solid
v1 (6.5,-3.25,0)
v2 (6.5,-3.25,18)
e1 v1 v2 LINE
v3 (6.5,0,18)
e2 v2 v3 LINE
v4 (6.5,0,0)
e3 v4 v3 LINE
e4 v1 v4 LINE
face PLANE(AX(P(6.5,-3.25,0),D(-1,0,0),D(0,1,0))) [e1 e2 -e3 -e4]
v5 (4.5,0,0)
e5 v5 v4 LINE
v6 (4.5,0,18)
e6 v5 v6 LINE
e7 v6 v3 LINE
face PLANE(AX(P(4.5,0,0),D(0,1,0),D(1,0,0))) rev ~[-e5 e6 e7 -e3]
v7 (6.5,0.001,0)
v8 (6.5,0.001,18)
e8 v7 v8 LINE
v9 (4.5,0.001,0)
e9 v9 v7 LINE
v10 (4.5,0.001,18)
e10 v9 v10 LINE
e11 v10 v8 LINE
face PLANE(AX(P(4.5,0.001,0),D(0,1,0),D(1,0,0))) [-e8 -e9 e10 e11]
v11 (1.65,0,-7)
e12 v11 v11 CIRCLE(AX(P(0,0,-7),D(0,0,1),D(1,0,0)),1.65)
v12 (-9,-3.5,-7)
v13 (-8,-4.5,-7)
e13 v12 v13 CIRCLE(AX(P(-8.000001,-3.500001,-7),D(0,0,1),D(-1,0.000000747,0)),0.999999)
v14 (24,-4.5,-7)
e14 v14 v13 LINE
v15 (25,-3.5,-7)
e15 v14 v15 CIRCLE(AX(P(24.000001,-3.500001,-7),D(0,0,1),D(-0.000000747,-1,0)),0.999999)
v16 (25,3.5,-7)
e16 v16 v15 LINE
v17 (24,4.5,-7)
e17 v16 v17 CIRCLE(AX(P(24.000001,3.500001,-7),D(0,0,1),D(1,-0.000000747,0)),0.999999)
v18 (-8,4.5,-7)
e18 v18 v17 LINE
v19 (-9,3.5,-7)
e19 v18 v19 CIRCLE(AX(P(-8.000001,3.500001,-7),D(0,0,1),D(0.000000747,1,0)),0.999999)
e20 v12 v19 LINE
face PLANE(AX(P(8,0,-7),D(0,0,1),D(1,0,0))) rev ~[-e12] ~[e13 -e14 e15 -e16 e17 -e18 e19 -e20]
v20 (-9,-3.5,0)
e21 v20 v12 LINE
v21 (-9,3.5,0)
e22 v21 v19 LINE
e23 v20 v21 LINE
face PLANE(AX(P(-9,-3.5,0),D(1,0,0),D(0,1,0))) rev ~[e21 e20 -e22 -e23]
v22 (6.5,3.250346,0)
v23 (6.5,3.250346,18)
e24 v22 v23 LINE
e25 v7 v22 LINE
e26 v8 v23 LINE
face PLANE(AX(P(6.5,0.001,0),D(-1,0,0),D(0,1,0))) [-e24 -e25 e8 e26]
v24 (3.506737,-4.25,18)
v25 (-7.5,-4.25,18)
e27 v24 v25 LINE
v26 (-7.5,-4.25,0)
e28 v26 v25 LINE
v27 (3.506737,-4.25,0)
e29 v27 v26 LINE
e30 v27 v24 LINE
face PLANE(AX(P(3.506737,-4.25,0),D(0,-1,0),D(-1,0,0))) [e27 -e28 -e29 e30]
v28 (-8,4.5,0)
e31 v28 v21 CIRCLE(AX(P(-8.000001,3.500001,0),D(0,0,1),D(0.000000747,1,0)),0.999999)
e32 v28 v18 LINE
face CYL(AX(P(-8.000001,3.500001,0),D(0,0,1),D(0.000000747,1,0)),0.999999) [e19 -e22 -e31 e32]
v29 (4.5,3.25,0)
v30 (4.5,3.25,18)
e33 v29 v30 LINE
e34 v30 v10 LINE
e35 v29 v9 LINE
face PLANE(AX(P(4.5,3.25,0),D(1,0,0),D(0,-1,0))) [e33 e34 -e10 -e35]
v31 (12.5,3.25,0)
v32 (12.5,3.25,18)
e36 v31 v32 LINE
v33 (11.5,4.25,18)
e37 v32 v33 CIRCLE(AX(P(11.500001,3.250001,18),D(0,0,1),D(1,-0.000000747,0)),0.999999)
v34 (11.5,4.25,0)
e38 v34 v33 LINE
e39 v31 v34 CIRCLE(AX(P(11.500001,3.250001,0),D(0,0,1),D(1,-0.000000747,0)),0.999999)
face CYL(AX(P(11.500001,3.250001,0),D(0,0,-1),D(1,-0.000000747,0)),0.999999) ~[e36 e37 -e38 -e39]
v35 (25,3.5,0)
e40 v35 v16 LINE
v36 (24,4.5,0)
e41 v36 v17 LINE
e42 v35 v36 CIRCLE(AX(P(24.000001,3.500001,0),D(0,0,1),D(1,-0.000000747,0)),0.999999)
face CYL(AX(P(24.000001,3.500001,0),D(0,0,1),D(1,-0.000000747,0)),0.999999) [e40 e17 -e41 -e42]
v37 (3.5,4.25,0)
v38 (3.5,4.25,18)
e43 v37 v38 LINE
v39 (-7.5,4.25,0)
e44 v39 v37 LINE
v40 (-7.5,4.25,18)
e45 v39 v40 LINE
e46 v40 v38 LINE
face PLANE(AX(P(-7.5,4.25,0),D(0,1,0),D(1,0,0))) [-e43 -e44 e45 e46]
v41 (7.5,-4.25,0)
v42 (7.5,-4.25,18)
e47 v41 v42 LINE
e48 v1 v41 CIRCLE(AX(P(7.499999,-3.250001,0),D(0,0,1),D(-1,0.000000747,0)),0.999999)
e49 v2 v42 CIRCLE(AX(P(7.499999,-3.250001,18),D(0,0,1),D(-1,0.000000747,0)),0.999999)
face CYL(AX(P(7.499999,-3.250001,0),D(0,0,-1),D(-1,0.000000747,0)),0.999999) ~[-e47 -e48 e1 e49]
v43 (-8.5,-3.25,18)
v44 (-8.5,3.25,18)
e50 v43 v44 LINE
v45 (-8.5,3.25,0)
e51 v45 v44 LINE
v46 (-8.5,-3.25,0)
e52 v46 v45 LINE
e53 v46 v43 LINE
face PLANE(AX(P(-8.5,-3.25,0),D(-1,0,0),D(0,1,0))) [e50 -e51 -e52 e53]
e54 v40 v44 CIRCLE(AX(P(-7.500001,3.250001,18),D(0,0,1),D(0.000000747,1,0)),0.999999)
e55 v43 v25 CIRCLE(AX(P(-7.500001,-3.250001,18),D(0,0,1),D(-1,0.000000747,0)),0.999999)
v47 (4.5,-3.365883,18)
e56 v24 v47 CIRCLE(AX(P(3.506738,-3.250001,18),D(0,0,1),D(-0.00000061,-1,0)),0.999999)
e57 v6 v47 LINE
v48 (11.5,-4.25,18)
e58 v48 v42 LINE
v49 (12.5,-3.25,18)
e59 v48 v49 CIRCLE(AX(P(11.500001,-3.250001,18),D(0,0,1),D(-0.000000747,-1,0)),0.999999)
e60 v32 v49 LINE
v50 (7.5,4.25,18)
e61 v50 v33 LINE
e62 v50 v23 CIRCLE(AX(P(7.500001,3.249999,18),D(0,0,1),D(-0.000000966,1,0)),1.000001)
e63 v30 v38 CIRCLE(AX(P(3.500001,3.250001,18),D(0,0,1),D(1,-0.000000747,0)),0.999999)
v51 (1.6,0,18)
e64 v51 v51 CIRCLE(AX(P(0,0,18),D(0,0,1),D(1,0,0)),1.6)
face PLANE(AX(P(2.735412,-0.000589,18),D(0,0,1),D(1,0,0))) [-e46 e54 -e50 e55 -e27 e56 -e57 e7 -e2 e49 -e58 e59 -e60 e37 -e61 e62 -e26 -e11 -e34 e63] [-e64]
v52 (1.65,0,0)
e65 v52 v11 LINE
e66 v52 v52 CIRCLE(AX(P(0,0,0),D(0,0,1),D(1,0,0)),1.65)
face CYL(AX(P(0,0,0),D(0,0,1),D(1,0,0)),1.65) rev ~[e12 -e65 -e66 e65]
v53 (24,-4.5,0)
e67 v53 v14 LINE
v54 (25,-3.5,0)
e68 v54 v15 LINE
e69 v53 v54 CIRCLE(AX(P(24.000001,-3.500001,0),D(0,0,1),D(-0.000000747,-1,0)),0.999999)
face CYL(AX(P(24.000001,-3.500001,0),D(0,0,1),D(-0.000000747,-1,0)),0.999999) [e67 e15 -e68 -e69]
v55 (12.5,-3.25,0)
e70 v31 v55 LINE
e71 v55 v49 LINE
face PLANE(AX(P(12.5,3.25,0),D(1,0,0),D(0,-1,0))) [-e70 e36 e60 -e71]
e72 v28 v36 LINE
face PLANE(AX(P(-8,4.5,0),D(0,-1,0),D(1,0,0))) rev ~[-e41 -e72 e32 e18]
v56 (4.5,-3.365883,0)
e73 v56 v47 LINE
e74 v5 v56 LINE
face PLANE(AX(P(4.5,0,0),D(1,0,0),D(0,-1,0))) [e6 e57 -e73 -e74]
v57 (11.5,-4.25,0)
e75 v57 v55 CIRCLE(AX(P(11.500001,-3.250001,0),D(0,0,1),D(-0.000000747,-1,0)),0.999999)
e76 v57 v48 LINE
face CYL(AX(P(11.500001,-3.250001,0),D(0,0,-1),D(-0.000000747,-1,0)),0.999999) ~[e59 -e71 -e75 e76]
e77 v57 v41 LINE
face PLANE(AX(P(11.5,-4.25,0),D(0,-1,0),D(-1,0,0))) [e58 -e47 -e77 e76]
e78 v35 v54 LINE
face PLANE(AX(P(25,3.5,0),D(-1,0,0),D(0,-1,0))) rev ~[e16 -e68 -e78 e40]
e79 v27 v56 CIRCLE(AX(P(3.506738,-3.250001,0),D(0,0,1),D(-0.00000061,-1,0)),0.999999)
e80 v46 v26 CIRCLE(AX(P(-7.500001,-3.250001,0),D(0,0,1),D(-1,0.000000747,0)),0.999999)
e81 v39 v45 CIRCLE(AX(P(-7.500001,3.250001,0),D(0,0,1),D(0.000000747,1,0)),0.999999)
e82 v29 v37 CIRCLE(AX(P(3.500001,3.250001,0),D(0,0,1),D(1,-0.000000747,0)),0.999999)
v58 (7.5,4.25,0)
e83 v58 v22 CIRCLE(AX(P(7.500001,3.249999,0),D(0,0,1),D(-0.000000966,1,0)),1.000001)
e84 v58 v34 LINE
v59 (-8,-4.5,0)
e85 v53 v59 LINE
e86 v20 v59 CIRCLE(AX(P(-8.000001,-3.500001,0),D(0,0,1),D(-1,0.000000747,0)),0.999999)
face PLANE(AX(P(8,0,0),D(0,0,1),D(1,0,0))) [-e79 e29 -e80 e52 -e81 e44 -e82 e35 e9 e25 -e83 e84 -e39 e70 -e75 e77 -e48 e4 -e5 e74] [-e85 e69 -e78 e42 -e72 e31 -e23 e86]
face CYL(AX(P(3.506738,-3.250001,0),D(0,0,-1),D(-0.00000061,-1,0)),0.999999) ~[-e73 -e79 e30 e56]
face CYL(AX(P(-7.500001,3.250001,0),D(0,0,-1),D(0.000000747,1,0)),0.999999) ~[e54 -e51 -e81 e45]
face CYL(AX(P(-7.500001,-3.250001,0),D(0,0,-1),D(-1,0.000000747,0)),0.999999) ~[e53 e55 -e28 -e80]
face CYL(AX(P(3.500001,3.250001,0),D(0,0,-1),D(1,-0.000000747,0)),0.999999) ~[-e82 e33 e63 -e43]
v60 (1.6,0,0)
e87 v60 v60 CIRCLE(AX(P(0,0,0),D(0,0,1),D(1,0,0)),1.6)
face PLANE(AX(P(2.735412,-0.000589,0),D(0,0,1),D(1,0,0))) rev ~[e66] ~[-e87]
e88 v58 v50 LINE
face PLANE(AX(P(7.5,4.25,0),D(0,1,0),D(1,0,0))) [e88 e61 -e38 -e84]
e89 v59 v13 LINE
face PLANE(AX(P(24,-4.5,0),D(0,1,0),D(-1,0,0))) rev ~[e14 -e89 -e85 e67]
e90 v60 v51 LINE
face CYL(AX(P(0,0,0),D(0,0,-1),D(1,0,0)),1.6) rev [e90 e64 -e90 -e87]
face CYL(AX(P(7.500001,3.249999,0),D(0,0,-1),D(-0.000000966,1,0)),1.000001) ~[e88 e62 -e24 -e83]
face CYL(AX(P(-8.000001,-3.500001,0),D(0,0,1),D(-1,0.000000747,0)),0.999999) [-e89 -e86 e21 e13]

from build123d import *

# Parameters (mm, degrees)
SKETCH_R     = 1.6
PAD_DEPTH    = 18
SKETCH001_R  = 1.65
PAD001_DEPTH = 7


with BuildPart() as part:
    # Sketch → Pad (new body)
    with BuildSketch(Plane.XY):
        with BuildLine():
            ThreePointArc((-7.5, 4.25), (-8.207107, 3.957107), (-8.5, 3.25))
            Line((-8.5, -3.25), (-8.5, 3.25))
            ThreePointArc((-8.5, -3.25), (-8.207107, -3.957107), (-7.5, -4.25))
            Line((3.506737, -4.25), (-7.5, -4.25))
            ThreePointArc((3.506737, -4.25), (4.171612, -3.996955), (4.5, -3.365883))
            Line((4.5, 0), (4.5, -3.365883))
            Line((4.5, 0), (6.5, 0))
            Line((6.5, -3.25), (6.5, 0))
            ThreePointArc((6.5, -3.25), (6.792893, -3.957107), (7.5, -4.25))
            Line((11.5, -4.25), (7.5, -4.25))
            ThreePointArc((11.5, -4.25), (12.207107, -3.957107), (12.5, -3.25))
            Line((12.5, 3.25), (12.5, -3.25))
            ThreePointArc((12.5, 3.25), (12.207107, 3.957107), (11.5, 4.25))
            Line((7.5, 4.25), (11.5, 4.25))
            ThreePointArc((7.5, 4.25), (6.793016, 3.957229), (6.5, 3.250346))
            Line((6.5, 0.001), (6.5, 3.250346))
            Line((4.5, 0.001), (6.5, 0.001))
            Line((4.5, 3.25), (4.5, 0.001))
            ThreePointArc((4.5, 3.25), (4.207107, 3.957107), (3.5, 4.25))
            Line((-7.5, 4.25), (3.5, 4.25))
        make_face()
        Circle(SKETCH_R, mode=Mode.SUBTRACT)
    extrude(amount=PAD_DEPTH)

    # Sketch001 → Pad001 (join)
    with BuildSketch(Plane.XY):
        with BuildLine():
            ThreePointArc((-8, 4.5), (-8.707107, 4.207107), (-9, 3.5))
            Line((-9, -3.5), (-9, 3.5))
            ThreePointArc((-9, -3.5), (-8.707107, -4.207107), (-8, -4.5))
            Line((24, -4.5), (-8, -4.5))
            ThreePointArc((24, -4.5), (24.707107, -4.207107), (25, -3.5))
            Line((25, 3.5), (25, -3.5))
            ThreePointArc((25, 3.5), (24.707107, 4.207107), (24, 4.5))
            Line((-8, 4.5), (24, 4.5))
        make_face()
        Circle(SKETCH001_R, mode=Mode.SUBTRACT)
    extrude(amount=-PAD001_DEPTH)


solid = part.part
